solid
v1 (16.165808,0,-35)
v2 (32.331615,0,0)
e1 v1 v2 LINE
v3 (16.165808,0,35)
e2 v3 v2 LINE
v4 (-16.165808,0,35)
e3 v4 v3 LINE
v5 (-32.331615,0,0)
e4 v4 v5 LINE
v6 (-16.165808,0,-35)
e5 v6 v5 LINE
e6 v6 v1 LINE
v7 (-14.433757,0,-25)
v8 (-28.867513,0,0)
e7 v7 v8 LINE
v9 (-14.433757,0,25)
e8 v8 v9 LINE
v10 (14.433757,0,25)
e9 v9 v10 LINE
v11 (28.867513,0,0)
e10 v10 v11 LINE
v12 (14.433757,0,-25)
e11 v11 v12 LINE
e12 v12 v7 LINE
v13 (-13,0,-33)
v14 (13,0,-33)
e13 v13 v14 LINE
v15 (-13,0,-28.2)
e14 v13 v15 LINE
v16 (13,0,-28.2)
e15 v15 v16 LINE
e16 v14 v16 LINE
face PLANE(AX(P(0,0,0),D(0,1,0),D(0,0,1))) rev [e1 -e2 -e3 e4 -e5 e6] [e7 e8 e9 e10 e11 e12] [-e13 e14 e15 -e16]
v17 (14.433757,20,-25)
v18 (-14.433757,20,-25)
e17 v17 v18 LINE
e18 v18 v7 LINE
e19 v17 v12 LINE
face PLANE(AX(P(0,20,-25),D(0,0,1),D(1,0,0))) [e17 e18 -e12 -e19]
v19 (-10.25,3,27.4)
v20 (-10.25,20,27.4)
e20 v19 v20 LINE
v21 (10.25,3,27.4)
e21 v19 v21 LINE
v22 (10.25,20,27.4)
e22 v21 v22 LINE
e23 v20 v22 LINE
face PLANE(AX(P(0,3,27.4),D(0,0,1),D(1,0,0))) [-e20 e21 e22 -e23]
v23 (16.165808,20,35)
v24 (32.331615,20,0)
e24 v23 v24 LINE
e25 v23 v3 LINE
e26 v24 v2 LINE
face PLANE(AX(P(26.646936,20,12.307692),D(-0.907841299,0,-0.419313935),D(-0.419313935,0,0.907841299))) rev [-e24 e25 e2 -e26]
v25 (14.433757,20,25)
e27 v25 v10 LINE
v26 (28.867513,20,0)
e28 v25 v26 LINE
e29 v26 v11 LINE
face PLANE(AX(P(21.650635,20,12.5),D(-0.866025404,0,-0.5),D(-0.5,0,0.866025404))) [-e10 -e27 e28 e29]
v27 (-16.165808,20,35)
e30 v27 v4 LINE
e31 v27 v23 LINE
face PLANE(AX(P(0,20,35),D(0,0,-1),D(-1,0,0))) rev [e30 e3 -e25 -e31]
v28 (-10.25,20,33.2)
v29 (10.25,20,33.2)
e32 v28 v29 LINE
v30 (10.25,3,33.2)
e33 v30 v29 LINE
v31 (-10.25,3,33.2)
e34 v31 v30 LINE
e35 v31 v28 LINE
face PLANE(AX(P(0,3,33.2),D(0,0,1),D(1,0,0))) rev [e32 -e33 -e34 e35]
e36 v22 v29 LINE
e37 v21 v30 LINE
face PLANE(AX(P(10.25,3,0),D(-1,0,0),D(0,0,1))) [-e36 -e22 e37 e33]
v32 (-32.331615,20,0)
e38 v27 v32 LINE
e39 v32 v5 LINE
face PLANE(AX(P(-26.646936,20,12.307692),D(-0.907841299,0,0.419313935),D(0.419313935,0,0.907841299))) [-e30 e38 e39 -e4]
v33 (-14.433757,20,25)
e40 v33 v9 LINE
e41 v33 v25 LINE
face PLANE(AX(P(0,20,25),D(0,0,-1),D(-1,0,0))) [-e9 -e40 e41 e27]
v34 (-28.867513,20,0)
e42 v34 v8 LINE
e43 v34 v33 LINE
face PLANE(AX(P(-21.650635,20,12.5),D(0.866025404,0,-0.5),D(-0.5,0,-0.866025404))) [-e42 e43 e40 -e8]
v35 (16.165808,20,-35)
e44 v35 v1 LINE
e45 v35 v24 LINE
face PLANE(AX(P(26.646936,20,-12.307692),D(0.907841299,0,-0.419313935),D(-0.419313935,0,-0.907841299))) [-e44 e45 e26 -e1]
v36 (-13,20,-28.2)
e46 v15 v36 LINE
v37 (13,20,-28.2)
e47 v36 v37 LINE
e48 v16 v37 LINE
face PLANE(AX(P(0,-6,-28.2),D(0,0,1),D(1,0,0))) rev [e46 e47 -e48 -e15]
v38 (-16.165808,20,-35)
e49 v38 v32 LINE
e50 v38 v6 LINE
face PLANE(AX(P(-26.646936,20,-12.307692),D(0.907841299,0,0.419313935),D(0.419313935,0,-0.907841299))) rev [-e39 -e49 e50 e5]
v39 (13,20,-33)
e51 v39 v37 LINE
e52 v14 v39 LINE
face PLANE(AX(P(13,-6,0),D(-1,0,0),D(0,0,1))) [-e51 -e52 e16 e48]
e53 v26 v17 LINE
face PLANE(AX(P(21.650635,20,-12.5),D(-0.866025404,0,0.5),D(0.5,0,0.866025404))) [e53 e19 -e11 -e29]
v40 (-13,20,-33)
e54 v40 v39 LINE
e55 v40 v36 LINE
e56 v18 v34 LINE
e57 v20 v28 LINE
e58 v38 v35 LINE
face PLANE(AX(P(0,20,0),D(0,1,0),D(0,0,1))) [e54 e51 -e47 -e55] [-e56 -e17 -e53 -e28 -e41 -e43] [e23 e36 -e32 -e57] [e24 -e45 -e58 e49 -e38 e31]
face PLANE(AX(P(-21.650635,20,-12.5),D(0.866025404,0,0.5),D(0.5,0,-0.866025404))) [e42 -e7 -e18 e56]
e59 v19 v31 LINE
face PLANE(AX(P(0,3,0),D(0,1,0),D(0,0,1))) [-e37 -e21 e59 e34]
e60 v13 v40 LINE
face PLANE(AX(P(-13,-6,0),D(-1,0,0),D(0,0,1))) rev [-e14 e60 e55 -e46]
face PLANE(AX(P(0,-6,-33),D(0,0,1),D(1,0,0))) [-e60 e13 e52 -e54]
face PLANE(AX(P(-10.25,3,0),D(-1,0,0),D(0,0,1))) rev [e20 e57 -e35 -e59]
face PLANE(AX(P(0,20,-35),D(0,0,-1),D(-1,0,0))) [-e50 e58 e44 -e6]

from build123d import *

# Parameters (mm, degrees)
BOSS_EXTRUDE1_DEPTH = 20
SKETCH2_W           = 20.5
SKETCH2_H           = 5.8
CUT_EXTRUDE1_DEPTH  = 17
SKETCH2_3_W         = 26
SKETCH2_3_H         = 4.8
CUT_EXTRUDE2_DEPTH  = 26


with BuildPart() as part:
    # Sketch1 → Boss-Extrude1 (new body)
    with BuildSketch(Plane(origin=(0, 0, 0), x_dir=(1, 0, 0), z_dir=(0, 1, 0))):
        Polygon((16.165807537, -35), (32.331615075, 0), (16.165807537, 35), (-16.165807537, 35), (-32.331615075, 0), (-16.165807537, -35), align=None)
        Polygon((14.43375673, 25), (28.867513459, 0), (14.43375673, -25), (-14.43375673, -25), (-28.867513459, 0), (-14.43375673, 25), align=None, mode=Mode.SUBTRACT)
    extrude(amount=BOSS_EXTRUDE1_DEPTH)

    # Sketch2 → Cut-Extrude1 (cut)
    with BuildSketch(Plane(origin=(0, 20, 0), x_dir=(1, 0, 0), z_dir=(0, 1, 0))):
        with Locations((0, -30.3)):
            Rectangle(SKETCH2_W, SKETCH2_H)
    extrude(amount=-CUT_EXTRUDE1_DEPTH, mode=Mode.SUBTRACT)

    # Sketch2<3> → Cut-Extrude2 (cut)
    with BuildSketch(Plane(origin=(0, 20, 0), x_dir=(1, 0, 0), z_dir=(0, 1, 0))):
        with Locations((0, 30.6)):
            Rectangle(SKETCH2_3_W, SKETCH2_3_H)
    extrude(amount=-CUT_EXTRUDE2_DEPTH, mode=Mode.SUBTRACT)


solid = part.part
